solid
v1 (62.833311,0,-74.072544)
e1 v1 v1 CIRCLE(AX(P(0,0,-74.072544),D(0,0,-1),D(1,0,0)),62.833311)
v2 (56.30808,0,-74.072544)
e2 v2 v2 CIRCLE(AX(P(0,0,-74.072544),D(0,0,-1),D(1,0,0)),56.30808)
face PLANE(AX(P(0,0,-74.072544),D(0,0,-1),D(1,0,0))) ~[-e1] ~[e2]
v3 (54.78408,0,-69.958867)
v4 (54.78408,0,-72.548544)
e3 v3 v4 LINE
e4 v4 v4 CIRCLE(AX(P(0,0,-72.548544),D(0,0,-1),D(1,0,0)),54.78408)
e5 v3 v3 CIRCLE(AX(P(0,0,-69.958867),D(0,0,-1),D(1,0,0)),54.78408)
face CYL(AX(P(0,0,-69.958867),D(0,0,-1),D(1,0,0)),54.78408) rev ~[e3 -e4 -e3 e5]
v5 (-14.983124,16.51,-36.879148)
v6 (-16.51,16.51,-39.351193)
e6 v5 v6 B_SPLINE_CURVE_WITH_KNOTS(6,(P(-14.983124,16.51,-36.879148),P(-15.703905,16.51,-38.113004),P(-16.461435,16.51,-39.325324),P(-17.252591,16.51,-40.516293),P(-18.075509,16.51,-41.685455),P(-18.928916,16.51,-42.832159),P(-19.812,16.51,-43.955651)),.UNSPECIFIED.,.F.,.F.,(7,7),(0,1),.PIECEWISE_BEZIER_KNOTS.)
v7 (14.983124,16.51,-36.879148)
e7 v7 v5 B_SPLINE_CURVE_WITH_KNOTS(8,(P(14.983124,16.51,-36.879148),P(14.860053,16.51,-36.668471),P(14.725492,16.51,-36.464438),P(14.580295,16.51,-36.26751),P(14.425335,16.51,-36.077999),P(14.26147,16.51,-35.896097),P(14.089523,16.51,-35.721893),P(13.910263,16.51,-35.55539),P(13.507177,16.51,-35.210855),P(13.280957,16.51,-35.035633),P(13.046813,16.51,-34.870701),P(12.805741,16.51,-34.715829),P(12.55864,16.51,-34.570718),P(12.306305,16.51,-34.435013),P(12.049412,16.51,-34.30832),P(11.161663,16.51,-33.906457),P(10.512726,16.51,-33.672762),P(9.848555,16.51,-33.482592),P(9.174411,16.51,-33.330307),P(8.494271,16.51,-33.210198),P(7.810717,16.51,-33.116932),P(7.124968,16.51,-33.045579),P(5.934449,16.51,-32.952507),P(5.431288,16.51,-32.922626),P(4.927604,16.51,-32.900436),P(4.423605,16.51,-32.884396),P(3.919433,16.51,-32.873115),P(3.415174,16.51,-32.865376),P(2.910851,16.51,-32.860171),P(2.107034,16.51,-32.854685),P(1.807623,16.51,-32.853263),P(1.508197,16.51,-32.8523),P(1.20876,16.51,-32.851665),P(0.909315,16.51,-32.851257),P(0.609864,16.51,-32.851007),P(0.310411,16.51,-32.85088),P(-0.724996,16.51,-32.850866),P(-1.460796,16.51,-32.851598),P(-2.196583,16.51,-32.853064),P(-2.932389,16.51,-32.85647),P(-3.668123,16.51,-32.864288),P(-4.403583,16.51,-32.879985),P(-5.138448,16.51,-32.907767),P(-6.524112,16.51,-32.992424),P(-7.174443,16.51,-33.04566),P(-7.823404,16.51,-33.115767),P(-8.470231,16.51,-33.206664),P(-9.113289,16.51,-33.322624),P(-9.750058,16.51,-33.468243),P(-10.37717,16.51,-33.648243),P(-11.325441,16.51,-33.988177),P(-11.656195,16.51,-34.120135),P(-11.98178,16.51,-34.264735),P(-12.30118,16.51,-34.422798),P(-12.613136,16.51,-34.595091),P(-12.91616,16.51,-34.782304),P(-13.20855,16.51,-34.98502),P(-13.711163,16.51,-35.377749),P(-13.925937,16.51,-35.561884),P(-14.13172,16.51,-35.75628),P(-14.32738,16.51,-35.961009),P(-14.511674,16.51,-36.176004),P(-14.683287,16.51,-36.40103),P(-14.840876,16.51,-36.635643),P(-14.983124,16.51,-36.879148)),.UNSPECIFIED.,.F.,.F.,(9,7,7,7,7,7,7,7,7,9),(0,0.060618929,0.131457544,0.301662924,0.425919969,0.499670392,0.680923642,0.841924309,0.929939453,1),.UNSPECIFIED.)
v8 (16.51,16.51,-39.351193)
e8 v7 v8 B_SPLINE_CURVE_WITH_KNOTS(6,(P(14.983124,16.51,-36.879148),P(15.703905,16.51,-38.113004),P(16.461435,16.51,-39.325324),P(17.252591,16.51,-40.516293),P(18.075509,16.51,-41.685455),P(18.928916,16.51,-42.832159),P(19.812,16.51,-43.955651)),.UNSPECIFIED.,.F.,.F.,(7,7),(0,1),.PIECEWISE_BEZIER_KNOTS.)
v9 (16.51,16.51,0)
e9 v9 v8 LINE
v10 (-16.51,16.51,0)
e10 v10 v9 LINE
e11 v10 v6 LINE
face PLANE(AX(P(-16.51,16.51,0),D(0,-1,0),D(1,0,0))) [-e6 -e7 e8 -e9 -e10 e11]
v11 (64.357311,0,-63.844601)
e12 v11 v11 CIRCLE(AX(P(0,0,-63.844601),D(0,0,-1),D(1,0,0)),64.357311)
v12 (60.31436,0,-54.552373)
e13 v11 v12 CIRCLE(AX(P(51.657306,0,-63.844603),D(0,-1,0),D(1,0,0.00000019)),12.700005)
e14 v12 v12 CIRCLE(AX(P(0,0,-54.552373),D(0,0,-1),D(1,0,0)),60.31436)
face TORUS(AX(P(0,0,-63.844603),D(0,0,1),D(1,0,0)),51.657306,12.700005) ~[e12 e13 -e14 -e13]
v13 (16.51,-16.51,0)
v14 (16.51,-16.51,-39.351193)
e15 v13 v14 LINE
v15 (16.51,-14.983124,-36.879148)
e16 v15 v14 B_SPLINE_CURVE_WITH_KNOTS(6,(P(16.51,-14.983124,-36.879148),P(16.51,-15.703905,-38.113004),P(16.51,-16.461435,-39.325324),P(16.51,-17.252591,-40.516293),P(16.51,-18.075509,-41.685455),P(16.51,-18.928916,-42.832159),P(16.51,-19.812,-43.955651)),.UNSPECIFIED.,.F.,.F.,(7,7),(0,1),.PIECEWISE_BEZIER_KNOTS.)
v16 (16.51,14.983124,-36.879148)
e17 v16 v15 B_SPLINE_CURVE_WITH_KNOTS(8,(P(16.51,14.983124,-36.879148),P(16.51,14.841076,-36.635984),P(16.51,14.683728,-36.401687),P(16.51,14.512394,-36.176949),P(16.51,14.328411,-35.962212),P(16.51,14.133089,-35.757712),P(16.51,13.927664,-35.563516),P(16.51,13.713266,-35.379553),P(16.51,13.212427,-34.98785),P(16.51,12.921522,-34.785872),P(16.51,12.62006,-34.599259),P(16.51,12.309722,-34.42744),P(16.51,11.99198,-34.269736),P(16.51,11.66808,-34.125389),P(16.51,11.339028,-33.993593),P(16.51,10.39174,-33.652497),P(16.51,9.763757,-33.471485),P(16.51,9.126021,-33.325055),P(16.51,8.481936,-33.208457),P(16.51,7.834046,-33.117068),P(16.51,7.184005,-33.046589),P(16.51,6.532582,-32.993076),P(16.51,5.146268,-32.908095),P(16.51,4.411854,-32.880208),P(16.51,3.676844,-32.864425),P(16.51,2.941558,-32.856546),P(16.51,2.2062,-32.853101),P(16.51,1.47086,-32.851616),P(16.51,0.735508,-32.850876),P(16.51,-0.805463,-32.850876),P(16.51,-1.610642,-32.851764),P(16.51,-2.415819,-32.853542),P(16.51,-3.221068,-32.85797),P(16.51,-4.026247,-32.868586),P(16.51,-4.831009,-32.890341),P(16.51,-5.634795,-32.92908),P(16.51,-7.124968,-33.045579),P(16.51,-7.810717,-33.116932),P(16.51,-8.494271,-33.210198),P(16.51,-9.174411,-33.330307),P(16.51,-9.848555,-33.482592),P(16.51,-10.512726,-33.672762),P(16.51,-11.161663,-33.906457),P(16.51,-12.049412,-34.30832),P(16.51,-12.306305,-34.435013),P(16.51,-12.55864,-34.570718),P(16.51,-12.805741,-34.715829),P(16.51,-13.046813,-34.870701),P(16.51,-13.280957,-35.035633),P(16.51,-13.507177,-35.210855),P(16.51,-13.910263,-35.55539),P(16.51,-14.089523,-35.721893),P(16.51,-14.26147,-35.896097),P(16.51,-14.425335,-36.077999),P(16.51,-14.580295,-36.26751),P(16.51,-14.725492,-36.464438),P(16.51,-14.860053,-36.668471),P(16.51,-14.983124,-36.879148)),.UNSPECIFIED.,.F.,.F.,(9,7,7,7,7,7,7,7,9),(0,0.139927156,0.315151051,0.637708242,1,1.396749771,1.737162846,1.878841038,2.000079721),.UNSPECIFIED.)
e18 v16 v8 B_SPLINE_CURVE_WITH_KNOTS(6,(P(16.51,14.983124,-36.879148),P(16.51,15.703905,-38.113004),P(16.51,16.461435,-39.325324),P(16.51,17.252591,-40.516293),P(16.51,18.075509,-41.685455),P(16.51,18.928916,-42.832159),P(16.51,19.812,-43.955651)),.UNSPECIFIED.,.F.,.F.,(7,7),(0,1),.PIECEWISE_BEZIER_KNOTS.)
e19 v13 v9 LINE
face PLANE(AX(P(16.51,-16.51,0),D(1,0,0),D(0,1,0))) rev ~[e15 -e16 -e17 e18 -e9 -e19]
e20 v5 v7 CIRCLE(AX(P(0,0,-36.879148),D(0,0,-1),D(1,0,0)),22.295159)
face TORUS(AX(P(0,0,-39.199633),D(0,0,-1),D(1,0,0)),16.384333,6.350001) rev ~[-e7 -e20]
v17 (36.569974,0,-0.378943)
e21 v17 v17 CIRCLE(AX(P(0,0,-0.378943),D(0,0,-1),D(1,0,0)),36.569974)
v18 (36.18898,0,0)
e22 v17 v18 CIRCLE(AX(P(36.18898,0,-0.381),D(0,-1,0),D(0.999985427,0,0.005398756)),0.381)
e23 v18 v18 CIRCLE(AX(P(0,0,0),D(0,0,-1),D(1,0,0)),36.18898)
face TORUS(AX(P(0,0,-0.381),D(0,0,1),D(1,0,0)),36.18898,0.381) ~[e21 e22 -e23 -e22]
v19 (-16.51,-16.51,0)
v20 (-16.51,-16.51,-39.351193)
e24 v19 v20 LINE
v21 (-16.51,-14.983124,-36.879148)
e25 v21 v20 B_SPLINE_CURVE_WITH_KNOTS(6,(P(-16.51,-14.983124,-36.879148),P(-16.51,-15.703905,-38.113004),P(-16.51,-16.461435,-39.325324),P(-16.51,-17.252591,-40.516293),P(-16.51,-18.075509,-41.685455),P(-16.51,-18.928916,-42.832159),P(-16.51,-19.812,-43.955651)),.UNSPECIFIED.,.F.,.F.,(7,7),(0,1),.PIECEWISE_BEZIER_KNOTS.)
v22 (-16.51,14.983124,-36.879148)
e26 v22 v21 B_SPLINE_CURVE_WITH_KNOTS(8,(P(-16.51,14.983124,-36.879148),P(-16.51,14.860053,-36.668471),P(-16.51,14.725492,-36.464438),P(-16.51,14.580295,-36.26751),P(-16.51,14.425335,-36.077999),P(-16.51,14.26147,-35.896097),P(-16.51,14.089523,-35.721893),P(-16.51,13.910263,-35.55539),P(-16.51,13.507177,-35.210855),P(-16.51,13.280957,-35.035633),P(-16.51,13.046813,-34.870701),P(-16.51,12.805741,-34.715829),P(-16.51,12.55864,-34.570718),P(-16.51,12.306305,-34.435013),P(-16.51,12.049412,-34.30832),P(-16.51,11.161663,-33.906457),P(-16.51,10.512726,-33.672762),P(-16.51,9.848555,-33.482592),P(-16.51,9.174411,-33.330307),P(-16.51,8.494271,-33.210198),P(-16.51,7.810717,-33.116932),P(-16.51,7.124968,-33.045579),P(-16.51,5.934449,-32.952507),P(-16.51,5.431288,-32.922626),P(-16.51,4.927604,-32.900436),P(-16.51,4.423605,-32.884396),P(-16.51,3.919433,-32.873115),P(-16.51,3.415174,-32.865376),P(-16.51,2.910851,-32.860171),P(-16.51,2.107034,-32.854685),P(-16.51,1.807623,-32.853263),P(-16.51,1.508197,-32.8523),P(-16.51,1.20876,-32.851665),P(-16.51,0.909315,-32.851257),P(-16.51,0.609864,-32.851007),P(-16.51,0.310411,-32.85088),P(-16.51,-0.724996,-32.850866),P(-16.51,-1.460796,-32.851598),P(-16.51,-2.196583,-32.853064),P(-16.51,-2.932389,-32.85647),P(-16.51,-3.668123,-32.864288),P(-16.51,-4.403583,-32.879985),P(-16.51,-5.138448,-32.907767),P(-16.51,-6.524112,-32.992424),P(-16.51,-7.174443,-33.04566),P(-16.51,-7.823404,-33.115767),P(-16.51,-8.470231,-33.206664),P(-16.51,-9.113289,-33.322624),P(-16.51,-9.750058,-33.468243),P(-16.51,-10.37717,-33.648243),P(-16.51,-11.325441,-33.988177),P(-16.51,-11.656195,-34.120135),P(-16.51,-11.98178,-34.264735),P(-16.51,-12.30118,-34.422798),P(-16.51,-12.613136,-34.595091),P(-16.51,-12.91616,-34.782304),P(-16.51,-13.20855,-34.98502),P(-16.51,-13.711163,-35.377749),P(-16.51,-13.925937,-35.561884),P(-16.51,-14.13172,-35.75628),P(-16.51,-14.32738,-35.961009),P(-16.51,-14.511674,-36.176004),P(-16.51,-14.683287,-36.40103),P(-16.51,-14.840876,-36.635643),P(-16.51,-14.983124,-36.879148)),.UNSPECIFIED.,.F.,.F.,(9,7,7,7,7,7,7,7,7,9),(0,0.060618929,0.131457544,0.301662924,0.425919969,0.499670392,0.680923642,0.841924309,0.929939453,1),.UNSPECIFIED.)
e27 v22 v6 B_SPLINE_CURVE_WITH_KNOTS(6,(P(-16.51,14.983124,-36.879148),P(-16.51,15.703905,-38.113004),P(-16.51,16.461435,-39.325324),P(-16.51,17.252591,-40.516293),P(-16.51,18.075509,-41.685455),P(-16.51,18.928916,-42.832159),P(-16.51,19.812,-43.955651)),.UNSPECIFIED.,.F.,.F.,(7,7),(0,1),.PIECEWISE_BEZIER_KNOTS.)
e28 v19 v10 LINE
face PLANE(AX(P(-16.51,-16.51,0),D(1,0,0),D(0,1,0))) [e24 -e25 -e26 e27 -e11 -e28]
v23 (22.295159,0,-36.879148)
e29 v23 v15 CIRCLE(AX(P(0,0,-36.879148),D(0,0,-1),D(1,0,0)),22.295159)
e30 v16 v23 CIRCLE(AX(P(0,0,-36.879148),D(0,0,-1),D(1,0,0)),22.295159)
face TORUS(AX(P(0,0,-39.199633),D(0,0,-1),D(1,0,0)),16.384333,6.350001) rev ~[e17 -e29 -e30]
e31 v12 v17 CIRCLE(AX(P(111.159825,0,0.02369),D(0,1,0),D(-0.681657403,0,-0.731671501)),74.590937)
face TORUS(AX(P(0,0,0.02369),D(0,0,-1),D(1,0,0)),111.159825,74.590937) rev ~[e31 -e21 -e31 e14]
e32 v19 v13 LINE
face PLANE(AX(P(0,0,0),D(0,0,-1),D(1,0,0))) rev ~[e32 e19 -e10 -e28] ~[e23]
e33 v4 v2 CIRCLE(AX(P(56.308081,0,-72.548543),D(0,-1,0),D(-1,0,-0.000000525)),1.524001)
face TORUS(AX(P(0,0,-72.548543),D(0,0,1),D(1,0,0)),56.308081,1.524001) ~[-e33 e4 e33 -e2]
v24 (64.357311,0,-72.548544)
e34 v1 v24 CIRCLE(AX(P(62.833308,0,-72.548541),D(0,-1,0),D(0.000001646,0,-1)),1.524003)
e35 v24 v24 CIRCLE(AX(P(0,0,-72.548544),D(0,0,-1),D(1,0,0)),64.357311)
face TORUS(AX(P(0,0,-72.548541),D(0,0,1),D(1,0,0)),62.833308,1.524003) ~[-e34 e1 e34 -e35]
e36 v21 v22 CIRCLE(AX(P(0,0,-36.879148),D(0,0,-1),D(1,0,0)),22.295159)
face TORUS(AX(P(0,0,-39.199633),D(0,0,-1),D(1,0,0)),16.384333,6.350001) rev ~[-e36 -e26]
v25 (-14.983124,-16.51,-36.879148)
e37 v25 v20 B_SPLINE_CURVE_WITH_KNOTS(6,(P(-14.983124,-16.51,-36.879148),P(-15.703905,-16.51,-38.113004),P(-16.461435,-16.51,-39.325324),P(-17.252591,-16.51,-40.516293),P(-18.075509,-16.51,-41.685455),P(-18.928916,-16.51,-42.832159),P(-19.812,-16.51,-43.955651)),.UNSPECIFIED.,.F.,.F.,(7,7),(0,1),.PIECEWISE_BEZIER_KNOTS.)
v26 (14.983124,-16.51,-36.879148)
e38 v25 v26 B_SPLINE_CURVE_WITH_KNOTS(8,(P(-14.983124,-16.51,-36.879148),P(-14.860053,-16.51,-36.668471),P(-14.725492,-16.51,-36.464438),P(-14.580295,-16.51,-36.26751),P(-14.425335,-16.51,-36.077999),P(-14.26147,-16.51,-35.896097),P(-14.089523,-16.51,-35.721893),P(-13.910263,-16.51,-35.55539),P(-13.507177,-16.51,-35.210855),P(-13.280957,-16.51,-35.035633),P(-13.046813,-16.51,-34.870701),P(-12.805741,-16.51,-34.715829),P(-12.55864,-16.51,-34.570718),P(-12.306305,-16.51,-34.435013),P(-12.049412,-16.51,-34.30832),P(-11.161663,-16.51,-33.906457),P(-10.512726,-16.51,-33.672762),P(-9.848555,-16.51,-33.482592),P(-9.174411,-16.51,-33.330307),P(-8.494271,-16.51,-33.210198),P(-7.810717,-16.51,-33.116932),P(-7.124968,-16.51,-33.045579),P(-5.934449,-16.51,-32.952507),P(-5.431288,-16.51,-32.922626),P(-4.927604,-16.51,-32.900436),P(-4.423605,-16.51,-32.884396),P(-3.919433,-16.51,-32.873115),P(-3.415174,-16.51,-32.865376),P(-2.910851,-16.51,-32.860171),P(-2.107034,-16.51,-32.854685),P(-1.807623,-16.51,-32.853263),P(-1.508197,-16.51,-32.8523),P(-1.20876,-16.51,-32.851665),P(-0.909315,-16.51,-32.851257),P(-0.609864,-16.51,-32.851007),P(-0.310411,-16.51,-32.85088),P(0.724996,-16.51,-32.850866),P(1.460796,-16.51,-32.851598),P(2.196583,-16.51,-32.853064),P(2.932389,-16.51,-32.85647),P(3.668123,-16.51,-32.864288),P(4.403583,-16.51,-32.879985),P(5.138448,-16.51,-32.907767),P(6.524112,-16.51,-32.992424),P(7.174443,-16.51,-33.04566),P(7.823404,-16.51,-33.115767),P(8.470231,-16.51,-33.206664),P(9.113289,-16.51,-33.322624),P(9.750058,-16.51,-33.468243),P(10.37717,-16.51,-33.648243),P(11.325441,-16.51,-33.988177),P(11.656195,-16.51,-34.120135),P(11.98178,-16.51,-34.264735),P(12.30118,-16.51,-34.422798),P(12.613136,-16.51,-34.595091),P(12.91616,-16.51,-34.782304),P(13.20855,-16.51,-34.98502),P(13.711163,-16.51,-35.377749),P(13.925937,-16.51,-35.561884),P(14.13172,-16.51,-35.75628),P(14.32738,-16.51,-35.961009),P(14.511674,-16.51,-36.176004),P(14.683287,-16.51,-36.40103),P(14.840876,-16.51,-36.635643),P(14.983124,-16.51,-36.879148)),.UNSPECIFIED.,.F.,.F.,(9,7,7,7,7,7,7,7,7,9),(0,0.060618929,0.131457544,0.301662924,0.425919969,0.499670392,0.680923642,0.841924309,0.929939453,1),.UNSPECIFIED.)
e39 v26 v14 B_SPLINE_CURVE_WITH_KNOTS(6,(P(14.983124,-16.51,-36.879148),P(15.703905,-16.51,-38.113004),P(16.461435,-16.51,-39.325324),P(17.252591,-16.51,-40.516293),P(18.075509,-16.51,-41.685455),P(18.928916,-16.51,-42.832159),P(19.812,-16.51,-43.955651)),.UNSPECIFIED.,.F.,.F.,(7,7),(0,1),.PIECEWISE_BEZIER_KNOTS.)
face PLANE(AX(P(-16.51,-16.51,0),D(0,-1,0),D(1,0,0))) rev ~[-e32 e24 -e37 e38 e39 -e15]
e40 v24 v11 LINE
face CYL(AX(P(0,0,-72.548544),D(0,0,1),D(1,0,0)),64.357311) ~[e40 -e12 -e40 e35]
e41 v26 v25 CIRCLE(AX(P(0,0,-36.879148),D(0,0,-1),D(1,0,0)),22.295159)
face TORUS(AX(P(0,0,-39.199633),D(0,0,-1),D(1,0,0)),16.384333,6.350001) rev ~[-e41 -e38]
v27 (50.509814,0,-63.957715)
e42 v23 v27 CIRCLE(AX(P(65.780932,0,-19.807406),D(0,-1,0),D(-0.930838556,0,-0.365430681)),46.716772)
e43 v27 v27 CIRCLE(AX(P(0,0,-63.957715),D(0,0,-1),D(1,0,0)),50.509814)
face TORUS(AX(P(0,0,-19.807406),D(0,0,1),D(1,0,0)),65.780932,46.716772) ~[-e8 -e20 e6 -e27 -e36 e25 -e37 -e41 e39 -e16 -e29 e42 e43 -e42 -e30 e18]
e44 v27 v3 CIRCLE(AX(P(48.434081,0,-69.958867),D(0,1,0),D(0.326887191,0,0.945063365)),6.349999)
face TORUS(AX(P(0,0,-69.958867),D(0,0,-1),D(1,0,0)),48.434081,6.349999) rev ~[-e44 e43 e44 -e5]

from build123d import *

# Parameters (mm, degrees)
F3_W     = 33.02
F3_H     = 33.02
F4_DEPTH = 74.073544


with BuildPart() as f1:
    # F0 (on Front) → F1 (revolve)
    with BuildSketch(Plane.XZ):
        with BuildLine():
            Line((36.18898, 0), (0, 0))
            Line((0, 0), (0, -32.849632))
            Line((0, -32.849632), (16.384334, -32.849632))
            ThreePointArc((16.384334, -32.849632), (19.961164, -33.952844), (22.295159, -36.879148))
            ThreePointArc((22.295159, -36.879148), (33.432744, -53.51277), (50.509814, -63.957715))
            ThreePointArc((50.509814, -63.957715), (53.606285, -66.275011), (54.78408, -69.958867))
            Line((54.78408, -69.958867), (54.78408, -72.548544))
            ThreePointArc((54.78408, -72.548544), (55.230449, -73.626174), (56.30808, -74.072544))
            Line((56.30808, -74.072544), (62.833311, -74.072544))
            ThreePointArc((62.833311, -74.072544), (63.910941, -73.626174), (64.357311, -72.548544))
            Line((64.357311, -72.548544), (64.357311, -63.844601))
            ThreePointArc((64.357311, -63.844601), (63.302793, -58.777774), (60.31436, -54.552373))
            ThreePointArc((60.31436, -54.552373), (42.842955, -29.919811), (36.569974, -0.378943))
            ThreePointArc((36.569974, -0.378943), (36.457659, -0.110866), (36.18898, 0))
        make_face()
    revolve(axis=Axis((0, 0, -16.424816), (0, 0, -1)))

    # F3 (on face) → F4 (cut, through all)
    with BuildSketch(Plane.XY):
        Rectangle(F3_W, F3_H)
    extrude(amount=-F4_DEPTH, mode=Mode.SUBTRACT)


solid = f1.part
